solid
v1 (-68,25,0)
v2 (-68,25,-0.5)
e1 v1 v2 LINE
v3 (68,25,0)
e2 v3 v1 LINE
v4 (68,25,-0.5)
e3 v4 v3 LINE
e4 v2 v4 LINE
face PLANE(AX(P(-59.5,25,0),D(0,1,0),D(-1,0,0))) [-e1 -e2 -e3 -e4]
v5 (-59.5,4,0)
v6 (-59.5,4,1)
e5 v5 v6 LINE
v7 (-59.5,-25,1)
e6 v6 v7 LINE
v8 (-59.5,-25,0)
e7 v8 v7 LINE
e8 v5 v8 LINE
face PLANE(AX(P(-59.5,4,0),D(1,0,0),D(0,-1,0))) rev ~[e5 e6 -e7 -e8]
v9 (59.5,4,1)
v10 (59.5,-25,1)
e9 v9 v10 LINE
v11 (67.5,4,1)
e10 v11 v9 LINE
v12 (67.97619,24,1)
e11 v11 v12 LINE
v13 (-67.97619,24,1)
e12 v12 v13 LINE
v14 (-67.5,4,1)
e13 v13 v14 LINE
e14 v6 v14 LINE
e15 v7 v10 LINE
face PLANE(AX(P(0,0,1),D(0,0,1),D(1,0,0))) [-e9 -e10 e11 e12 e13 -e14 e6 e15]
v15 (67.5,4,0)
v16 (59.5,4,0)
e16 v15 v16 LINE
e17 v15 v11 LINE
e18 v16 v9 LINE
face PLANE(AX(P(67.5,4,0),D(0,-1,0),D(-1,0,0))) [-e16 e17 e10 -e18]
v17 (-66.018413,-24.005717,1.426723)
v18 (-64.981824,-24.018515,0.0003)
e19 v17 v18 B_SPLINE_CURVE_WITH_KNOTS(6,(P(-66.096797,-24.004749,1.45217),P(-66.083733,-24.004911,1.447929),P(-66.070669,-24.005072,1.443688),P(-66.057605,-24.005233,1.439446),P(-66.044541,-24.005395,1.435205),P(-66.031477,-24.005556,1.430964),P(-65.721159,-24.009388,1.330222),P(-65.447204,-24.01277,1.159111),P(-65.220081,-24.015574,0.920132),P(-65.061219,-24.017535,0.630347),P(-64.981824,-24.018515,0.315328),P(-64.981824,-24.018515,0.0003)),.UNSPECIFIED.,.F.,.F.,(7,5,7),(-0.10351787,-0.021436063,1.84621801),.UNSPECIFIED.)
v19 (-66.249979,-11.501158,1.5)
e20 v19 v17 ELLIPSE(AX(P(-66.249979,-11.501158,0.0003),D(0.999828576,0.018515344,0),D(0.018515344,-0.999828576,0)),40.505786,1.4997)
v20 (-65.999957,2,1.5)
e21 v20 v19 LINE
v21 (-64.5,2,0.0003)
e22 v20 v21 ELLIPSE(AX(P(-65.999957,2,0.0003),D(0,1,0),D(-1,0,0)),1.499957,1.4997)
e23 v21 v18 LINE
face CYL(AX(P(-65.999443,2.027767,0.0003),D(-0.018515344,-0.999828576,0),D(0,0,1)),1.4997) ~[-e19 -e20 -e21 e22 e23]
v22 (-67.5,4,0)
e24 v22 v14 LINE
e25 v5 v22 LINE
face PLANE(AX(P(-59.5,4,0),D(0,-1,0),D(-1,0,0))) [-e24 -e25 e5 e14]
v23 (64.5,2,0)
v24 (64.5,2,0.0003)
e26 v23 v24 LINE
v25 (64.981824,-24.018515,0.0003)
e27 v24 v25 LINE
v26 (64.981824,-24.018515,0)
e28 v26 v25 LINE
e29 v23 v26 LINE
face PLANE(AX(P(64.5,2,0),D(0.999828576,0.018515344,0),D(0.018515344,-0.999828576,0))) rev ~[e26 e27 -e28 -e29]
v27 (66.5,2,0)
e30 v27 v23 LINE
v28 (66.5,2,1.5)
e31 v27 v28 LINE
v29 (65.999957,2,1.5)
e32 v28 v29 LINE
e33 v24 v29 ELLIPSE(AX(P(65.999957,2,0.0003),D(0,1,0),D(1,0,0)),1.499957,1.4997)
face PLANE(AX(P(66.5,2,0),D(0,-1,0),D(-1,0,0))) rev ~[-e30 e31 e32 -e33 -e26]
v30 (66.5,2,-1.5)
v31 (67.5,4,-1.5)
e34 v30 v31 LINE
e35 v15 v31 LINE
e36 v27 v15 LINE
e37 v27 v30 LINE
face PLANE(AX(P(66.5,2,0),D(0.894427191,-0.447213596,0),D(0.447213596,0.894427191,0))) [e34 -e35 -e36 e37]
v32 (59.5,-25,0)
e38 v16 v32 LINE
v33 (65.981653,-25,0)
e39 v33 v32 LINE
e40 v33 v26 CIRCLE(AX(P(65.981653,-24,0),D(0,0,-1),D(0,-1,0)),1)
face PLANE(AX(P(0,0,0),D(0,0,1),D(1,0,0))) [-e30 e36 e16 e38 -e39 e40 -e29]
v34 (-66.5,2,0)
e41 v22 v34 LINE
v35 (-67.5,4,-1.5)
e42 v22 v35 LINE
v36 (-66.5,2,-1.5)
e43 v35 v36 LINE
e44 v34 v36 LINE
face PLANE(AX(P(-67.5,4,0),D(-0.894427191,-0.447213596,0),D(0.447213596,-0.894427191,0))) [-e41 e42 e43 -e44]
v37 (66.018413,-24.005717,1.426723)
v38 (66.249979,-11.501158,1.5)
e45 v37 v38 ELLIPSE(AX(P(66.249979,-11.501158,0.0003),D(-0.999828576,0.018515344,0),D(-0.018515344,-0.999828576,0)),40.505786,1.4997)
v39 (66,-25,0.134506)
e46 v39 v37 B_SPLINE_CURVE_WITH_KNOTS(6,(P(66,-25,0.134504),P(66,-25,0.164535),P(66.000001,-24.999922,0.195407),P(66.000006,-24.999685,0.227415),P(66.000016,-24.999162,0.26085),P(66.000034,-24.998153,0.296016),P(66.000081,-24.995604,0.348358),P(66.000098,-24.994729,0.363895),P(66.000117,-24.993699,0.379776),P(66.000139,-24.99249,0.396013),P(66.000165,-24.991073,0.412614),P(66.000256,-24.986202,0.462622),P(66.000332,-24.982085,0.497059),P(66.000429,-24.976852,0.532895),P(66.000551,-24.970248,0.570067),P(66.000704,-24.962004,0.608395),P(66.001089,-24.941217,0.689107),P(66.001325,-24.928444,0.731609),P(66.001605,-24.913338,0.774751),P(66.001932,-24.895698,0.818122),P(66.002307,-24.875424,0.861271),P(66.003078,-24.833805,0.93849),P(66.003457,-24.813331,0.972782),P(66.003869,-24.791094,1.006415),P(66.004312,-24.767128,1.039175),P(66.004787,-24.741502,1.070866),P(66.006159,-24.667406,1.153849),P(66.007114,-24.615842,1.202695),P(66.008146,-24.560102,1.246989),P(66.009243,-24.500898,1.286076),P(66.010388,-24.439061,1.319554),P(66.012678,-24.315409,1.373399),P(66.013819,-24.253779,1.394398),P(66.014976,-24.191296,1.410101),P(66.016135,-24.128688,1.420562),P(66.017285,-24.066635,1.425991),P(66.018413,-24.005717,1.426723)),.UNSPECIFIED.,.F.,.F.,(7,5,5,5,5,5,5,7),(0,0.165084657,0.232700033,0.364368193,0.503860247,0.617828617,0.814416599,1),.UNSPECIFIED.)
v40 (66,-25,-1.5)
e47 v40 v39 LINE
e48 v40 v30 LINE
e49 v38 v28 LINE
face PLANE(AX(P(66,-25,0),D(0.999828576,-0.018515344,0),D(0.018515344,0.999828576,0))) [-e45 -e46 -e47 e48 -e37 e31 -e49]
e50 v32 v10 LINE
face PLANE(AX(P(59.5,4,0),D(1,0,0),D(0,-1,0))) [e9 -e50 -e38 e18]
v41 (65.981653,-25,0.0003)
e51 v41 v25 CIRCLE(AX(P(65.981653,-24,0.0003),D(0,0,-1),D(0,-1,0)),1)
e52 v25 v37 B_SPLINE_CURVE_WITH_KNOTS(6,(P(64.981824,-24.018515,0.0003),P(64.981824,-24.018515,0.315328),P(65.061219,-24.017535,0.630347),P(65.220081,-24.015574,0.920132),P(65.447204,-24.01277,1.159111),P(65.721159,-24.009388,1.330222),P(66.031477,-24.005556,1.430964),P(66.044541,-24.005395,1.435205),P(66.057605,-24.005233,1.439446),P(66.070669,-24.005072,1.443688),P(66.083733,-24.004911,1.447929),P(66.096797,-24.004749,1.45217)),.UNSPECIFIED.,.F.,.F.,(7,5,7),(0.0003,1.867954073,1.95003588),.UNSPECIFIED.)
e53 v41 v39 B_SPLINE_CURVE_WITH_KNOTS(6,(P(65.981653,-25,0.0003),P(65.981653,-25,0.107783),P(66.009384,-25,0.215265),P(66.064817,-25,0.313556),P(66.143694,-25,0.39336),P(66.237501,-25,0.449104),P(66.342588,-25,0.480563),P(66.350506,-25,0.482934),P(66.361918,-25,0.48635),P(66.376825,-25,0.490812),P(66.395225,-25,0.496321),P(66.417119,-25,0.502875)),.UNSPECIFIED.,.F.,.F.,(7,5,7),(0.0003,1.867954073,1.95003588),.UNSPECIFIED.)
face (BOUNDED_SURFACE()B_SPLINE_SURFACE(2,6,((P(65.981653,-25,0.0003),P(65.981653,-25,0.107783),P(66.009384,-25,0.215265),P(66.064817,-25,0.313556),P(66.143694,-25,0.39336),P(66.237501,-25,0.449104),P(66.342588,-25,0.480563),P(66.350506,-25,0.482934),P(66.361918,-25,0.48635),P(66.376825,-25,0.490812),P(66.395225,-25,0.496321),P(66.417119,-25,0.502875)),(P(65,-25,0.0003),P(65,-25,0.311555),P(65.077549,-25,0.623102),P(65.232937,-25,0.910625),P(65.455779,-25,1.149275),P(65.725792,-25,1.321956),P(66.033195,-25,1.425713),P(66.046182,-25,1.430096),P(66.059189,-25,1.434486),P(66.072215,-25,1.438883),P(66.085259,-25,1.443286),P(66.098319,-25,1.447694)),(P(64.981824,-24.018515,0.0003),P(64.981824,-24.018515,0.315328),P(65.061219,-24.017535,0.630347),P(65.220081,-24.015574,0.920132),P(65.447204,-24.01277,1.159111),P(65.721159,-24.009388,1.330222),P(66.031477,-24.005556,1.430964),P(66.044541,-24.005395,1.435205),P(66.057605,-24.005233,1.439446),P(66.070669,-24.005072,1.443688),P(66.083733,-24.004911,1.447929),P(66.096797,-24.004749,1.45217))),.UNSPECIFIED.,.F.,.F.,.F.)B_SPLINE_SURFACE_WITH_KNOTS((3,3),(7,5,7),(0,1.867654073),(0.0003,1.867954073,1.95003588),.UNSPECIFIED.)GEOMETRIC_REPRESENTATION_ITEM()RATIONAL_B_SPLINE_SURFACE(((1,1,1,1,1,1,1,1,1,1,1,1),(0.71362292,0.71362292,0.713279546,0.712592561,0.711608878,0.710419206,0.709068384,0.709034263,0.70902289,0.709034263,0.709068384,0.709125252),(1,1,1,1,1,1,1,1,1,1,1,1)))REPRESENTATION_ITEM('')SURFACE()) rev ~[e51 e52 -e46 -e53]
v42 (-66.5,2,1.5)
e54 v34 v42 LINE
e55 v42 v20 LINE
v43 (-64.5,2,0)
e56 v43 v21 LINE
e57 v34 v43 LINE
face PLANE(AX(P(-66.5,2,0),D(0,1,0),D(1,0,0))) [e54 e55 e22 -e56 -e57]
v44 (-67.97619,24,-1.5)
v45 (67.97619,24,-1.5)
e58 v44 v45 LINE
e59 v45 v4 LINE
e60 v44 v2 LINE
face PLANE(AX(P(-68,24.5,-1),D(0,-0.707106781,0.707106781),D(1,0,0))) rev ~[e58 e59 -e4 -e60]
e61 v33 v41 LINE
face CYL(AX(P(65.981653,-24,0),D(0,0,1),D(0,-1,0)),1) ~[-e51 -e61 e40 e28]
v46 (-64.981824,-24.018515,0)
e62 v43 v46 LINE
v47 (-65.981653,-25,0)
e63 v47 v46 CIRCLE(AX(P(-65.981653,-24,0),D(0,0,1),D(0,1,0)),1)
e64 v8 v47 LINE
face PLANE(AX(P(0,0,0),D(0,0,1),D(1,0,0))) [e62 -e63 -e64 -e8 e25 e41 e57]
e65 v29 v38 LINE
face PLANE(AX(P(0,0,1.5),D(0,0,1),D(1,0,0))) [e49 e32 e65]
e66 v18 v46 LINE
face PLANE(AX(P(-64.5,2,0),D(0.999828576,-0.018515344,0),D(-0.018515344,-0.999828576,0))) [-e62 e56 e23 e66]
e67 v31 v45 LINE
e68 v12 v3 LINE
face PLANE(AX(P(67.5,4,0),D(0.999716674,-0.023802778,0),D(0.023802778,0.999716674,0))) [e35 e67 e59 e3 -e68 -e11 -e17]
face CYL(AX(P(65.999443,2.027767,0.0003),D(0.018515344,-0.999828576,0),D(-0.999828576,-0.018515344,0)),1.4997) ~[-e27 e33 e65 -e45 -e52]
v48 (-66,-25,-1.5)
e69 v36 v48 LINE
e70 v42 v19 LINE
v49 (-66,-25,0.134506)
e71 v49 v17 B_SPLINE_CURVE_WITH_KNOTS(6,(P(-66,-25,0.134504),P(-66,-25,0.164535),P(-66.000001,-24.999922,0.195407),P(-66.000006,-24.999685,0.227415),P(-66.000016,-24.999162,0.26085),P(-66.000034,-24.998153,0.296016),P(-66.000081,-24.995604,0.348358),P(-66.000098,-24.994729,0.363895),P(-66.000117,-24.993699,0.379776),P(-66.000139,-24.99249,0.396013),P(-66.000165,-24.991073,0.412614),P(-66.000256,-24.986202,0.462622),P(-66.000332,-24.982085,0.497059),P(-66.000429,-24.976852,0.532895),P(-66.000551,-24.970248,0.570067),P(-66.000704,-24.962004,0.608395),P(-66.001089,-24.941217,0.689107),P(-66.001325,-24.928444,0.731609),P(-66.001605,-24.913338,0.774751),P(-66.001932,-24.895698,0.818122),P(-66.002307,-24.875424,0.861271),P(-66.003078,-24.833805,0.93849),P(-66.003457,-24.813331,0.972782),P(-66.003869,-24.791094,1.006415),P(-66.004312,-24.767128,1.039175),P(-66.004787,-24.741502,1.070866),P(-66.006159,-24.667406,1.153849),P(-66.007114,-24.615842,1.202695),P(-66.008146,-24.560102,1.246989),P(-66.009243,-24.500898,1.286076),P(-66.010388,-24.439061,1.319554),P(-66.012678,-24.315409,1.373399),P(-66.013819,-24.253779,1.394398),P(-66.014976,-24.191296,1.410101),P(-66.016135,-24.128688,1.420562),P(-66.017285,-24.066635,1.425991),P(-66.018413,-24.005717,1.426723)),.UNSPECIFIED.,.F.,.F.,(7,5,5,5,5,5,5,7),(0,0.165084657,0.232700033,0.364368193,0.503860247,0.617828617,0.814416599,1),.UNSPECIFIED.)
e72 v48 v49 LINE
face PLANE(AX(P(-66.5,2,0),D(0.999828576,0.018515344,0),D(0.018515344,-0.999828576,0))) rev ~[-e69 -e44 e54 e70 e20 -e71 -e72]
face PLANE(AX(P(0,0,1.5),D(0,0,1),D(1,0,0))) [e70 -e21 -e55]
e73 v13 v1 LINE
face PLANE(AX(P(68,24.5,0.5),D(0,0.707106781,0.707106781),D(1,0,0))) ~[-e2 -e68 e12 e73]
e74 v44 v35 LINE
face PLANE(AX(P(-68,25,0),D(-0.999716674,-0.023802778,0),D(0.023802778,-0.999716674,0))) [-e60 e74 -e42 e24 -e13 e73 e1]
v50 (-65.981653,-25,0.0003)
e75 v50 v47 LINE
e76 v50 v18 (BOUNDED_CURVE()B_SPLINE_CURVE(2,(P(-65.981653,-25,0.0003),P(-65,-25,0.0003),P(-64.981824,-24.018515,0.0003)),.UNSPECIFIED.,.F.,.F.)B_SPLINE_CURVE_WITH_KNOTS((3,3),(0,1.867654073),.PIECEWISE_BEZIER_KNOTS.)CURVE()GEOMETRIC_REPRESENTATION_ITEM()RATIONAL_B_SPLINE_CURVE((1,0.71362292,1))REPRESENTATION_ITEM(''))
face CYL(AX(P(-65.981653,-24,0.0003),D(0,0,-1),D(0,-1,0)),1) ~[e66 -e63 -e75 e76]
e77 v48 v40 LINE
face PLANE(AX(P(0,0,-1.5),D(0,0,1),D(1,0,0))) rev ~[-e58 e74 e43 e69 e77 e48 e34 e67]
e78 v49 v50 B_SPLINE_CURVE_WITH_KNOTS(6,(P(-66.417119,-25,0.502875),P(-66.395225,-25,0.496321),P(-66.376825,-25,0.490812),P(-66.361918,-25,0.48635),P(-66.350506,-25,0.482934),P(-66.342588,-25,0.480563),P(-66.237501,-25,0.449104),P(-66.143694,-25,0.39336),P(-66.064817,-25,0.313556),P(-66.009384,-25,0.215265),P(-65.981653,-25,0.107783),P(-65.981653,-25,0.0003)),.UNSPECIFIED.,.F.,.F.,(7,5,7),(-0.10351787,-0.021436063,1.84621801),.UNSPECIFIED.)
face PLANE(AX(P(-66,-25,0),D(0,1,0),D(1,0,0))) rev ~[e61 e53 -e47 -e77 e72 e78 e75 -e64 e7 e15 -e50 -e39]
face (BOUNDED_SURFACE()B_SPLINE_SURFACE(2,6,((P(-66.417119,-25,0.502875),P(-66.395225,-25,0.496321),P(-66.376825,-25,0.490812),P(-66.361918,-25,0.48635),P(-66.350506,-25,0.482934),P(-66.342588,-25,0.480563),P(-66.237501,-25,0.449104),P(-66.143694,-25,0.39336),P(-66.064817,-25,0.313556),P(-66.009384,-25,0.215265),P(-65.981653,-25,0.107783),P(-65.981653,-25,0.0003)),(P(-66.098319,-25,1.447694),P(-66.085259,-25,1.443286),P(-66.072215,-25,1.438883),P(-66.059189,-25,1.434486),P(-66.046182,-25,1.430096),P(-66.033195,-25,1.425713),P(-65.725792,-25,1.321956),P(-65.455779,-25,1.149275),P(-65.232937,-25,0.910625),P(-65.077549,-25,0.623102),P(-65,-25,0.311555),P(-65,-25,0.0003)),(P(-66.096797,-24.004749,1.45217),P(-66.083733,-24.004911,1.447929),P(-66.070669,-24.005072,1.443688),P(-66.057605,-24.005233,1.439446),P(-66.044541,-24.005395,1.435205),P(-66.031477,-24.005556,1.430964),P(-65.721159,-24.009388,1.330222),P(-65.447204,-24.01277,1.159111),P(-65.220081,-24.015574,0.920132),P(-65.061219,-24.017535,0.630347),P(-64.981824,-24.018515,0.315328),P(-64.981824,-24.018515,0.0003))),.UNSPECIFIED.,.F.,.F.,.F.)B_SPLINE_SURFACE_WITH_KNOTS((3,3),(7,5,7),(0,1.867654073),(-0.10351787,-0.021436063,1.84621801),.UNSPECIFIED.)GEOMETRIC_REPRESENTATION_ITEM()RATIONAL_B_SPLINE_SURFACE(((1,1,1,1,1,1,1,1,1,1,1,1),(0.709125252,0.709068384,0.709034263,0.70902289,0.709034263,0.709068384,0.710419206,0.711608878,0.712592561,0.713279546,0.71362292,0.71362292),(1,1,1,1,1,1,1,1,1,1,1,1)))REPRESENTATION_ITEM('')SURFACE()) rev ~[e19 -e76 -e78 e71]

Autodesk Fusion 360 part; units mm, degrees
sketch "Sketch1" plane through (0, 0, 0) normal (0, 0, 1) x (1, 0, 0)
  line L0 (-66, -25) -> (66, -25)
  line L1 (66, -25) -> (66.5, 2)
  line L2 (66.5, 2) -> (67.5, 4)
  line L3 (67.5, 4) -> (68, 25)
  line L4 (68, 25) -> (-68, 25)
  line L5 (-68, 25) -> (-67.5, 4)
  line L6 (-67.5, 4) -> (-66.5, 2)
  line L7 (-66.5, 2) -> (-66, -25)
  line L8 (0, 25) -> (0, -25) construction
  line L9 (-66.5, 2) -> (66.5, 2) construction
  line L10 (67.5, 4) -> (-67.5, 4)
  line L11 (-66.5, 2) -> (-64.5, 2)
  line L12 (-64.5, 2) -> (-65, -25)
  line L13 (66.5, 2) -> (64.5, 2)
  line L14 (64.5, 2) -> (65, -25)
  line L15 (-59.5, 25) -> (-59.5, -25)
  line L16 (59.5, 25) -> (59.5, -25)
  point P0 (0, 2)
  point P1 (0, 4)
  dimension "d1" = 132
  dimension "d2" = 133
  dimension "d3" = 27
  dimension "d4" = 29
  dimension "d5" = 50
  dimension "d6" = 136
  dimension "d7" = 135
  dimension "d8" = 1
  dimension "d9" = 2
  dimension "d10" = 1
  dimension "d11" = 2
  dimension "d22" = 8
  dimension "d23" = 8
extrude "Extrude1" add sketch "Sketch1" along normal blind 1.5 contours L0 L7 L11 L12 | L0 L1 L13 L14 makes body 1 at (-66.3333, -7, 0.5) makes body 2 at (64.6667, -7, 0.5)
extrude "Extrude3" add sketch "Sketch1" along normal blind 1 separate body contours L0 L10 L15 L16 | L4 L5 L10 L15 | L4 L10 L15 L16 | L3 L4 L10 L16 makes body 3
extrude "Extrude2" add sketch "Sketch1" against normal blind 1.5 bodies 1 3 2
fillet "Fillet1" radius 1.5 2 edges at (-64.75, -11.5, 1.5) (64.75, -11.5, 1.5) on bodies 1
chamfer "Chamfer1" distance 1 angle 45 2 edges at (0, 25, -1.5) (0, 25, 1) on bodies 1
fillet "Fillet2" radius 1 2 edges at (-65.2752, -25, 0.866) (65.2752, -25, 0.866) on bodies 1
equation "d10 = d8"
equation "d11 = d9"
equation "d23 = d22"
